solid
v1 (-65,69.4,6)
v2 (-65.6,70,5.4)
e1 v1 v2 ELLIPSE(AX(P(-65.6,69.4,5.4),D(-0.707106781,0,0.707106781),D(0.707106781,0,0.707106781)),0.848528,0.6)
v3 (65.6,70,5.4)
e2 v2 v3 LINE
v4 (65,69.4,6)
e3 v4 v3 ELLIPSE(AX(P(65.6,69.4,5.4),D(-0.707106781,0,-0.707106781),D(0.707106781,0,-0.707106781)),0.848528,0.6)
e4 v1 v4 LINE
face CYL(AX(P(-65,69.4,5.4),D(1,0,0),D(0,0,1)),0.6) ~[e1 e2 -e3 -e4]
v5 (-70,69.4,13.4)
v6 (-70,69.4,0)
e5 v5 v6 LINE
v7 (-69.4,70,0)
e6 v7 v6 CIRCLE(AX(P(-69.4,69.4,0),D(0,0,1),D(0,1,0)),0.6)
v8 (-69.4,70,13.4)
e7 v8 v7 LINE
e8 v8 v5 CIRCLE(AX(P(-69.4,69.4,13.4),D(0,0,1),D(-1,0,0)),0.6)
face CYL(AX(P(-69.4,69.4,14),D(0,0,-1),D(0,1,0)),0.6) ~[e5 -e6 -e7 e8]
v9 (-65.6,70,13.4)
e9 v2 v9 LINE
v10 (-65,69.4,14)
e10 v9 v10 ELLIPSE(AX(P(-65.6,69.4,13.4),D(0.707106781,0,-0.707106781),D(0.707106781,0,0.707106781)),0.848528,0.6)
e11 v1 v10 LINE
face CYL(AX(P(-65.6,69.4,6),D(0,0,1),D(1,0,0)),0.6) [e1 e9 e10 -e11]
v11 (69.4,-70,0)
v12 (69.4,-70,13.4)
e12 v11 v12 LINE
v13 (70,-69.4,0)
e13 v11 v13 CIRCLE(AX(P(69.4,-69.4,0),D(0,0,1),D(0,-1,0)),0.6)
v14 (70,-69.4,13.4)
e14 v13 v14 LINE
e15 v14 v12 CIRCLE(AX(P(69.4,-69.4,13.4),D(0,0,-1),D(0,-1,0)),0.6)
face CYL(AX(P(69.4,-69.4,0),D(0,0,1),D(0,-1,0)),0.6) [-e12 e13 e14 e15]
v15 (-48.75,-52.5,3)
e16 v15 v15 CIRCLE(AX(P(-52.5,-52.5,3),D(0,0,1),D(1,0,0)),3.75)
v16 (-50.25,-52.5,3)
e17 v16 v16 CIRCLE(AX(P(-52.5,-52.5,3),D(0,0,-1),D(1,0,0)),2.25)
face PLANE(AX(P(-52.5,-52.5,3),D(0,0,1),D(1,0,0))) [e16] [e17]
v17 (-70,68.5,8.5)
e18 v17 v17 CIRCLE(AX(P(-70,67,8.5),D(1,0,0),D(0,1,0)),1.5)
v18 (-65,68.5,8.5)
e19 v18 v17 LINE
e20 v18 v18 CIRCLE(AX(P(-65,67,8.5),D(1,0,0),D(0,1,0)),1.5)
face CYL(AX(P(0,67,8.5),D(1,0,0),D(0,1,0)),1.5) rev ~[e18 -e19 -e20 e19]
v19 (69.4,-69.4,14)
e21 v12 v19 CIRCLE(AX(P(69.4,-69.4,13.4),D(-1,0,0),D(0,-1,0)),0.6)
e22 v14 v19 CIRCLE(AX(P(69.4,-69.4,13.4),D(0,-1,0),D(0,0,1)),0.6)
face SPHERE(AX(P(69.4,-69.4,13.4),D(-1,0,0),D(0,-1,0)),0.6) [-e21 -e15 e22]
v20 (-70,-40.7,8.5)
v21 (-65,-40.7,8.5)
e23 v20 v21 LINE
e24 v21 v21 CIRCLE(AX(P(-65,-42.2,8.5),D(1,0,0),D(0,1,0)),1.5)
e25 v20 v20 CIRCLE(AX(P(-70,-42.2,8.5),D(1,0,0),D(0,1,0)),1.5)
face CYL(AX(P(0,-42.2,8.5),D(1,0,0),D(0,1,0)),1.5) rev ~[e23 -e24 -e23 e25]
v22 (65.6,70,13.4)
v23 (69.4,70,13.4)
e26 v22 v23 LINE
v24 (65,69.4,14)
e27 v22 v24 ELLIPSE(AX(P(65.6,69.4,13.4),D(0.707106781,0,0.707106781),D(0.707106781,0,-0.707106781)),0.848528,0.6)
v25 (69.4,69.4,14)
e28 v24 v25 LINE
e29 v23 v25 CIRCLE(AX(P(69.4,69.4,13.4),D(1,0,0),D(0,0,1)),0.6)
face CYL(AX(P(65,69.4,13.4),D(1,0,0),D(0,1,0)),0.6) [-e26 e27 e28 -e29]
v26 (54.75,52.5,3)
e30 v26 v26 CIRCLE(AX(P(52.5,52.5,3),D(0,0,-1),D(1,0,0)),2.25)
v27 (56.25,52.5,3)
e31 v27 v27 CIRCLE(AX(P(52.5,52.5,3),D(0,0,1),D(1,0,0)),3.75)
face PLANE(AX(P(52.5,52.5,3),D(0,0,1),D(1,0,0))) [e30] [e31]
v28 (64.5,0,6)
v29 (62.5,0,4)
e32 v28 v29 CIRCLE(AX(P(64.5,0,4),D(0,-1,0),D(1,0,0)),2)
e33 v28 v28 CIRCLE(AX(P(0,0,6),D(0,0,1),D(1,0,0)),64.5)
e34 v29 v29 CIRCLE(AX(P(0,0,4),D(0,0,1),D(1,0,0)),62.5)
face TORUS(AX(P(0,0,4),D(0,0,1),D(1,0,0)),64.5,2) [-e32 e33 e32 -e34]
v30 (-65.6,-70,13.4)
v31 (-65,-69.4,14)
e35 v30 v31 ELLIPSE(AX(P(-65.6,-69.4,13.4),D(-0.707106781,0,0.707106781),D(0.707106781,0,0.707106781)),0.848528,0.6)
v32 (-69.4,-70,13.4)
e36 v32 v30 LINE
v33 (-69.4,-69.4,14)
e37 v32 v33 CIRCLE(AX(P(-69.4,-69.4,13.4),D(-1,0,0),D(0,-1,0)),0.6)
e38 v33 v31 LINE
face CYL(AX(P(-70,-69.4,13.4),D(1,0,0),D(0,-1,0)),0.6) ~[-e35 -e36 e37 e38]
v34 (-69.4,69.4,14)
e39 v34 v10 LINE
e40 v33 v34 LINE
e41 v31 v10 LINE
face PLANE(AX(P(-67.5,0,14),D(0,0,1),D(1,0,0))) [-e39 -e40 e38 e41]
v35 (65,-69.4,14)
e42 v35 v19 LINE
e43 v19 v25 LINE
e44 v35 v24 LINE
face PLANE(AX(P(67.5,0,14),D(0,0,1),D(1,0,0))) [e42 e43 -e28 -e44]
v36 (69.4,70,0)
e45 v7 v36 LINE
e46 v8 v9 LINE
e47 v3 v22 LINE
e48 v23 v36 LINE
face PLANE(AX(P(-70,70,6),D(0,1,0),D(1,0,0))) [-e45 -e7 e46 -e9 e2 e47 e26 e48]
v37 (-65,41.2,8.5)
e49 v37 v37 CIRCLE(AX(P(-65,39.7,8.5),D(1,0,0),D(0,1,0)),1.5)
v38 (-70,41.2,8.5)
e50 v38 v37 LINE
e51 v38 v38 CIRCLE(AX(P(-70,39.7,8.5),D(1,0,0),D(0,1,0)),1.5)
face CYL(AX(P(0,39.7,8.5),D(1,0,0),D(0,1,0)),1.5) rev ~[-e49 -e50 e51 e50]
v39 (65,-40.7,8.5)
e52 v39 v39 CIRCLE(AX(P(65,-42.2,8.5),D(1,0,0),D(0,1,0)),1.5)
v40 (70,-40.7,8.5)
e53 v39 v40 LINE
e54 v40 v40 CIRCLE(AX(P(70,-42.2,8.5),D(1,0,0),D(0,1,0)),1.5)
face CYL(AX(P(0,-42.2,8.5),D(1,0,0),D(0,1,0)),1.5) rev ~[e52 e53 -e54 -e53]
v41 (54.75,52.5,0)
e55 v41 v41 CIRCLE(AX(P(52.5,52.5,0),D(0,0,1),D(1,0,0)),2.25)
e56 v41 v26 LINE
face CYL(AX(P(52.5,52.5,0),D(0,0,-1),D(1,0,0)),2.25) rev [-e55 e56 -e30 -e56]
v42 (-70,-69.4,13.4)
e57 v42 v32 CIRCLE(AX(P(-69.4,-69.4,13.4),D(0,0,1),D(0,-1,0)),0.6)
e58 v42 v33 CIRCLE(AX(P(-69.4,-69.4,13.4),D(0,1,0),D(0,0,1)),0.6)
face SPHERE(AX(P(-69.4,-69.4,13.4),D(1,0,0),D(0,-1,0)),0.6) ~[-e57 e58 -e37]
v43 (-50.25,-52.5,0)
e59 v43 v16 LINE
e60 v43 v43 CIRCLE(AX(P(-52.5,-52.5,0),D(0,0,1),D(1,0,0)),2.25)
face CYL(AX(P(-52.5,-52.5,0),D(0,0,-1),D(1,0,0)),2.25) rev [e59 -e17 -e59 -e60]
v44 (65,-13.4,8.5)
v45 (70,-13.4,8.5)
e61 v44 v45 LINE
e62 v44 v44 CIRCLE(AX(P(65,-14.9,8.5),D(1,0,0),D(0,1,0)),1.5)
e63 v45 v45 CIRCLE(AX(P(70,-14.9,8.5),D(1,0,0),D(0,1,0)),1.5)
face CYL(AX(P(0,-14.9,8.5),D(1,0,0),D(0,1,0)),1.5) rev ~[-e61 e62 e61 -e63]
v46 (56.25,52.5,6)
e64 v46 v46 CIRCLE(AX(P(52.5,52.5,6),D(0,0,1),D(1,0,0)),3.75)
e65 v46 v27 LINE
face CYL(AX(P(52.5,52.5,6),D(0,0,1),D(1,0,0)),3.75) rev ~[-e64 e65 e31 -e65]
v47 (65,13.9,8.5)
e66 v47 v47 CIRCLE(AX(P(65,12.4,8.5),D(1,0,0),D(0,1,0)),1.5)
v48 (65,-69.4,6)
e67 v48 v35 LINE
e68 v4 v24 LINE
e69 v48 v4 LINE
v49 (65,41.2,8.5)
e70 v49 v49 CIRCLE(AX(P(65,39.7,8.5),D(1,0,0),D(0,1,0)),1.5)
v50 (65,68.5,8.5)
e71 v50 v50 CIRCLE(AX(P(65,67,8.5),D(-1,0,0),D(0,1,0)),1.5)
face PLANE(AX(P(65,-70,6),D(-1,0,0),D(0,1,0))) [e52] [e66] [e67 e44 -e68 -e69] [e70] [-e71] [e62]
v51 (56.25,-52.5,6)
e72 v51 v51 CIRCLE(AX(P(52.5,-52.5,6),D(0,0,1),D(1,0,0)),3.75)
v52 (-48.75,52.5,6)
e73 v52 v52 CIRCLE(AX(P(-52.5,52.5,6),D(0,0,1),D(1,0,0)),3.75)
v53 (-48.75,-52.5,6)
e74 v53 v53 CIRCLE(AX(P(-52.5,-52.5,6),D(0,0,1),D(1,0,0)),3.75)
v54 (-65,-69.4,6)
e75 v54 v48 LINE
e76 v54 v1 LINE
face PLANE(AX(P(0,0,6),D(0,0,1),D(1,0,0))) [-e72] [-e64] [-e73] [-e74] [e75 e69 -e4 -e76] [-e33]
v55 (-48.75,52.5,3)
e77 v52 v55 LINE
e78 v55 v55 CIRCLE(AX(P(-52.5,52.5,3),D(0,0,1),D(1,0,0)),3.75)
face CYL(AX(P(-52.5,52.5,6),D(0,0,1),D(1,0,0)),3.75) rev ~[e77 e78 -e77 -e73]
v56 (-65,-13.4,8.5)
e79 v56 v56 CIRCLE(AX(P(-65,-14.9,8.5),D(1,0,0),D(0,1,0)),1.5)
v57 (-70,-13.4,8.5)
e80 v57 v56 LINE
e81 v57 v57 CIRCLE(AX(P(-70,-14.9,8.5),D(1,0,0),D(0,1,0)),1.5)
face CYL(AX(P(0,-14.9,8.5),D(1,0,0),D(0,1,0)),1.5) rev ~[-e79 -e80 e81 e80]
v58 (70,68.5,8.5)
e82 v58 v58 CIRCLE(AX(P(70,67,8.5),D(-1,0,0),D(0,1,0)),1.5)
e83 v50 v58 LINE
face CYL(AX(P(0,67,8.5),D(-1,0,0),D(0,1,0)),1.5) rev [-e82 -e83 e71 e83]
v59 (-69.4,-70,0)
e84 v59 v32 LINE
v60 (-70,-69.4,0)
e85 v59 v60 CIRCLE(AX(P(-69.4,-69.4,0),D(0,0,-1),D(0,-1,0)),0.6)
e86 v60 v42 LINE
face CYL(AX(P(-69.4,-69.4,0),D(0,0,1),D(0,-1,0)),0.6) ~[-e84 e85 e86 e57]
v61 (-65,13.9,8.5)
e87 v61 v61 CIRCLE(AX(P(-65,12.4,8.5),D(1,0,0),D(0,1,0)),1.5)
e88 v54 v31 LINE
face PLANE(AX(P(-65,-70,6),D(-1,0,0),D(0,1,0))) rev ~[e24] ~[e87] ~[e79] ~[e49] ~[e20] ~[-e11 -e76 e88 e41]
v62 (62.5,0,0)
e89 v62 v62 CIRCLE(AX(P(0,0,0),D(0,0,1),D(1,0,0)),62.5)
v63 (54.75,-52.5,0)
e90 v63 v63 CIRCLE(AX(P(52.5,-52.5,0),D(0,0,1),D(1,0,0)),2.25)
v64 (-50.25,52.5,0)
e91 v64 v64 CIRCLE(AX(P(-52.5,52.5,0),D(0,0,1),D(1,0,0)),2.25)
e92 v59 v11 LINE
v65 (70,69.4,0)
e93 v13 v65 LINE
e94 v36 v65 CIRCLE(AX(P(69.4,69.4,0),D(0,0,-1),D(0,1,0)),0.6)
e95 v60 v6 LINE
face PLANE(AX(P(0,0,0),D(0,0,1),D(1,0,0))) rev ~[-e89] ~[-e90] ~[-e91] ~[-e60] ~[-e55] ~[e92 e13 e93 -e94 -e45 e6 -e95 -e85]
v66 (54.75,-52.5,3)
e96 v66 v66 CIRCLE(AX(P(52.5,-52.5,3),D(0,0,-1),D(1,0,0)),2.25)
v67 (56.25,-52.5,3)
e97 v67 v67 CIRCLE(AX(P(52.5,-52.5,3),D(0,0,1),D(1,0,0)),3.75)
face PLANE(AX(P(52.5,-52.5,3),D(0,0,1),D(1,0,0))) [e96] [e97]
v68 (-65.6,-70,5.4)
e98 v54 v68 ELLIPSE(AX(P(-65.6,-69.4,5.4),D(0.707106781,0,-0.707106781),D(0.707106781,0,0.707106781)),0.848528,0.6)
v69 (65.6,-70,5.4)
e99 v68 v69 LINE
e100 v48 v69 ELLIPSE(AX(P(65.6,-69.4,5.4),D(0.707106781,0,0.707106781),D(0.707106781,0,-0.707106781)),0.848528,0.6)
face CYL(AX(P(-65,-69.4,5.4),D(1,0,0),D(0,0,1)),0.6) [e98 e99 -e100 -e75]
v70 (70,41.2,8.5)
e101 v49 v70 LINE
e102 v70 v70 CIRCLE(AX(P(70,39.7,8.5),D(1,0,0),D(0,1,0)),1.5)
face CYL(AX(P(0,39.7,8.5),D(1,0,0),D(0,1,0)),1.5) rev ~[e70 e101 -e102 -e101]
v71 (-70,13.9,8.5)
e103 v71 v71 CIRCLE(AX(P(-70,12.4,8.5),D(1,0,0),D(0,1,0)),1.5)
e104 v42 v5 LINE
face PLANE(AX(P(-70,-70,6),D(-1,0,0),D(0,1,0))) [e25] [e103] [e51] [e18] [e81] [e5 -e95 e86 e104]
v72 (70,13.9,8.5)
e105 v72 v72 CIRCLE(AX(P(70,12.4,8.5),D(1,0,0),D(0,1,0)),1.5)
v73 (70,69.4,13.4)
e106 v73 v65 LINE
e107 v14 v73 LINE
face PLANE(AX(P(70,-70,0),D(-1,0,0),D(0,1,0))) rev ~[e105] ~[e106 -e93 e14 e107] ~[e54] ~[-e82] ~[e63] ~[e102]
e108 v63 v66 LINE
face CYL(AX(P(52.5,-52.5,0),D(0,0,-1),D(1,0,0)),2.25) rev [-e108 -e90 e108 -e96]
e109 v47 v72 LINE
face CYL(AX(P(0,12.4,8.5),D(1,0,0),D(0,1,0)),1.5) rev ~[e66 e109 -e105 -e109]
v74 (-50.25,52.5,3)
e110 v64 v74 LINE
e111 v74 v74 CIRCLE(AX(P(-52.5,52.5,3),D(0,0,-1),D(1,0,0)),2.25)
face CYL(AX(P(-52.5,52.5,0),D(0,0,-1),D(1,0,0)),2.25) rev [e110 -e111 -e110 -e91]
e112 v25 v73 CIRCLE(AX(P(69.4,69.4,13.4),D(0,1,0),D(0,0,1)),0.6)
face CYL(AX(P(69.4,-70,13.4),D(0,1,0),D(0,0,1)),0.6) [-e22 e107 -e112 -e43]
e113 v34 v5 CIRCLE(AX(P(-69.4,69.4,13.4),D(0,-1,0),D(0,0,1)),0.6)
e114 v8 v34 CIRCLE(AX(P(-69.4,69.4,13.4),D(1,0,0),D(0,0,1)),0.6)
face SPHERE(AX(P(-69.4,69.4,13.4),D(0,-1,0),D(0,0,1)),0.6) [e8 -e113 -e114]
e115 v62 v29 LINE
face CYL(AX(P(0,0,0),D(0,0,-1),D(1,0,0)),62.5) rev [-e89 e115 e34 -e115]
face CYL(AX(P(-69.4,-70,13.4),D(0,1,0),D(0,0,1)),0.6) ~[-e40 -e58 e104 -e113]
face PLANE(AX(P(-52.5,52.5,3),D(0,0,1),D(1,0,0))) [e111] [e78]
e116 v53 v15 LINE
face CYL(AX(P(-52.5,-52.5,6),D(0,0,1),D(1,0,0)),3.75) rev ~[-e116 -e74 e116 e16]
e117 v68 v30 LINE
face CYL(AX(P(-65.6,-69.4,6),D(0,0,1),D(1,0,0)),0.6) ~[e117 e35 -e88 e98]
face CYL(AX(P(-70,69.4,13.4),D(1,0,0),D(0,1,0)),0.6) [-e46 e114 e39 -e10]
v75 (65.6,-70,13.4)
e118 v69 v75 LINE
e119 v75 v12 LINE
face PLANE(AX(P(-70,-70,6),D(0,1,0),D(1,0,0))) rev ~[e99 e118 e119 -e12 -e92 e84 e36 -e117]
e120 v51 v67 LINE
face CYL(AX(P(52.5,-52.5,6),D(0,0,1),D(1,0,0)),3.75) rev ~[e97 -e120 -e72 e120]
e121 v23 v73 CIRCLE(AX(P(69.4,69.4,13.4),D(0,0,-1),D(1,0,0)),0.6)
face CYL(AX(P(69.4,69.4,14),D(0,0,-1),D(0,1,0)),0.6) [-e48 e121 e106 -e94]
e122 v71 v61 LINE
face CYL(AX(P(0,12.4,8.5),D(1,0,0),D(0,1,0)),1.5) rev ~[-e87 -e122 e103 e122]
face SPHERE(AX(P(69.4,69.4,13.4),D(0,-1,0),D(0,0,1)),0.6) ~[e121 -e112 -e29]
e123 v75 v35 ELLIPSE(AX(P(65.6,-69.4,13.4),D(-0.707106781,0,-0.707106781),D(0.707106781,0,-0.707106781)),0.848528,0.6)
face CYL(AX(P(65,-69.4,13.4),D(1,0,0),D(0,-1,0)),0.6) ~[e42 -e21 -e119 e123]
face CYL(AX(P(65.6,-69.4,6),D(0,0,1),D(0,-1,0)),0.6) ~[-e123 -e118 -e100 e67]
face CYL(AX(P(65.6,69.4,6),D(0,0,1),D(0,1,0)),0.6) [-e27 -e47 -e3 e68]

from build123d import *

# Parameters (mm, degrees)
SKETCH003_W          = 140
SKETCH003_H          = 140
SKETCH003_R          = 2.25
SKETCH003_R_2        = 62.5
PAD_DEPTH            = 6
SKETCH009_W          = 5
SKETCH009_H          = 140
PAD003_DEPTH         = 8
SKETCH010_R          = 3.75
POCKET002_DEPTH      = 3
SKETCH011_R          = 1.5
POCKET003_DEPTH      = 70.001
POCKET003_DEPTH_BACK = 70.001
LINEARPATTERN_COUNT  = 5
LINEARPATTERN_PITCH  = 27.3
FILLET_R             = 2
FILLET001_R          = 0.6


with BuildPart() as part:
    # Sketch003 → Pad (new body)
    with BuildSketch(Plane.XY):
        Rectangle(SKETCH003_W, SKETCH003_H)
        with Locations((52.5, 52.5)):
            Circle(SKETCH003_R, mode=Mode.SUBTRACT)
        with Locations((52.5, -52.5)):
            Circle(SKETCH003_R, mode=Mode.SUBTRACT)
        with Locations((-52.5, -52.5)):
            Circle(SKETCH003_R, mode=Mode.SUBTRACT)
        with Locations((-52.5, 52.5)):
            Circle(SKETCH003_R, mode=Mode.SUBTRACT)
        Circle(SKETCH003_R_2, mode=Mode.SUBTRACT)
    extrude(amount=PAD_DEPTH)

    # Sketch009 → Pad003 (join)
    with BuildSketch(Plane.XY.offset(6)):
        with Locations((-67.5, 0)):
            Rectangle(SKETCH009_W, SKETCH009_H)
        with Locations((67.5, 0)):
            Rectangle(SKETCH009_W, SKETCH009_H)
    extrude(amount=PAD003_DEPTH)

    # Sketch010 → Pocket002 (cut)
    with BuildSketch(Plane.XY.offset(6)):
        with Locations((52.5, 52.5)):
            Circle(SKETCH010_R)
        with Locations((-52.5, 52.5)):
            Circle(SKETCH010_R)
        with Locations((-52.5, -52.5)):
            Circle(SKETCH010_R)
        with Locations((52.5, -52.5)):
            Circle(SKETCH010_R)
    extrude(amount=-POCKET002_DEPTH, mode=Mode.SUBTRACT)

    # Sketch011 → Pocket003 (cut, two sides)
    with BuildSketch(Plane.YZ) as pocket003_sk:
        with Locations((67, 8.5)):
            Circle(SKETCH011_R)
    pocket003 = extrude(amount=-POCKET003_DEPTH, mode=Mode.SUBTRACT) + extrude(pocket003_sk.sketch, amount=POCKET003_DEPTH_BACK, mode=Mode.SUBTRACT)

    # LinearPattern: Pocket003 ×5
    with Locations(*[(0, -i * LINEARPATTERN_PITCH, 0) for i in range(1, LINEARPATTERN_COUNT)]):
        add(pocket003, mode=Mode.SUBTRACT)

    # Fillet
    fillet_edges = [part.edges().sort_by_distance(p)[0] for p in [
        (-62.5, 0, 6),
    ]]
    fillet(fillet_edges, radius=FILLET_R)

    # Fillet001
    fillet001_edges = [part.edges().sort_by_distance(p)[0] for p in [
        (67.5, -70, 14),
        (70, -70, 7),
        (70, 0, 14),
        (67.5, 70, 14),
        (70, 70, 7),
        (0, 70, 6),
        (0, -70, 6),
        (-67.5, -70, 14),
        (-70, -70, 7),
        (-70, 0, 14),
        (-67.5, 70, 14),
        (-70, 70, 7),
        (-65, 70, 10),
        (-65, -70, 10),
        (65, -70, 10),
        (65, 70, 10),
    ]]
    fillet(fillet001_edges, radius=FILLET001_R)


solid = part.part
